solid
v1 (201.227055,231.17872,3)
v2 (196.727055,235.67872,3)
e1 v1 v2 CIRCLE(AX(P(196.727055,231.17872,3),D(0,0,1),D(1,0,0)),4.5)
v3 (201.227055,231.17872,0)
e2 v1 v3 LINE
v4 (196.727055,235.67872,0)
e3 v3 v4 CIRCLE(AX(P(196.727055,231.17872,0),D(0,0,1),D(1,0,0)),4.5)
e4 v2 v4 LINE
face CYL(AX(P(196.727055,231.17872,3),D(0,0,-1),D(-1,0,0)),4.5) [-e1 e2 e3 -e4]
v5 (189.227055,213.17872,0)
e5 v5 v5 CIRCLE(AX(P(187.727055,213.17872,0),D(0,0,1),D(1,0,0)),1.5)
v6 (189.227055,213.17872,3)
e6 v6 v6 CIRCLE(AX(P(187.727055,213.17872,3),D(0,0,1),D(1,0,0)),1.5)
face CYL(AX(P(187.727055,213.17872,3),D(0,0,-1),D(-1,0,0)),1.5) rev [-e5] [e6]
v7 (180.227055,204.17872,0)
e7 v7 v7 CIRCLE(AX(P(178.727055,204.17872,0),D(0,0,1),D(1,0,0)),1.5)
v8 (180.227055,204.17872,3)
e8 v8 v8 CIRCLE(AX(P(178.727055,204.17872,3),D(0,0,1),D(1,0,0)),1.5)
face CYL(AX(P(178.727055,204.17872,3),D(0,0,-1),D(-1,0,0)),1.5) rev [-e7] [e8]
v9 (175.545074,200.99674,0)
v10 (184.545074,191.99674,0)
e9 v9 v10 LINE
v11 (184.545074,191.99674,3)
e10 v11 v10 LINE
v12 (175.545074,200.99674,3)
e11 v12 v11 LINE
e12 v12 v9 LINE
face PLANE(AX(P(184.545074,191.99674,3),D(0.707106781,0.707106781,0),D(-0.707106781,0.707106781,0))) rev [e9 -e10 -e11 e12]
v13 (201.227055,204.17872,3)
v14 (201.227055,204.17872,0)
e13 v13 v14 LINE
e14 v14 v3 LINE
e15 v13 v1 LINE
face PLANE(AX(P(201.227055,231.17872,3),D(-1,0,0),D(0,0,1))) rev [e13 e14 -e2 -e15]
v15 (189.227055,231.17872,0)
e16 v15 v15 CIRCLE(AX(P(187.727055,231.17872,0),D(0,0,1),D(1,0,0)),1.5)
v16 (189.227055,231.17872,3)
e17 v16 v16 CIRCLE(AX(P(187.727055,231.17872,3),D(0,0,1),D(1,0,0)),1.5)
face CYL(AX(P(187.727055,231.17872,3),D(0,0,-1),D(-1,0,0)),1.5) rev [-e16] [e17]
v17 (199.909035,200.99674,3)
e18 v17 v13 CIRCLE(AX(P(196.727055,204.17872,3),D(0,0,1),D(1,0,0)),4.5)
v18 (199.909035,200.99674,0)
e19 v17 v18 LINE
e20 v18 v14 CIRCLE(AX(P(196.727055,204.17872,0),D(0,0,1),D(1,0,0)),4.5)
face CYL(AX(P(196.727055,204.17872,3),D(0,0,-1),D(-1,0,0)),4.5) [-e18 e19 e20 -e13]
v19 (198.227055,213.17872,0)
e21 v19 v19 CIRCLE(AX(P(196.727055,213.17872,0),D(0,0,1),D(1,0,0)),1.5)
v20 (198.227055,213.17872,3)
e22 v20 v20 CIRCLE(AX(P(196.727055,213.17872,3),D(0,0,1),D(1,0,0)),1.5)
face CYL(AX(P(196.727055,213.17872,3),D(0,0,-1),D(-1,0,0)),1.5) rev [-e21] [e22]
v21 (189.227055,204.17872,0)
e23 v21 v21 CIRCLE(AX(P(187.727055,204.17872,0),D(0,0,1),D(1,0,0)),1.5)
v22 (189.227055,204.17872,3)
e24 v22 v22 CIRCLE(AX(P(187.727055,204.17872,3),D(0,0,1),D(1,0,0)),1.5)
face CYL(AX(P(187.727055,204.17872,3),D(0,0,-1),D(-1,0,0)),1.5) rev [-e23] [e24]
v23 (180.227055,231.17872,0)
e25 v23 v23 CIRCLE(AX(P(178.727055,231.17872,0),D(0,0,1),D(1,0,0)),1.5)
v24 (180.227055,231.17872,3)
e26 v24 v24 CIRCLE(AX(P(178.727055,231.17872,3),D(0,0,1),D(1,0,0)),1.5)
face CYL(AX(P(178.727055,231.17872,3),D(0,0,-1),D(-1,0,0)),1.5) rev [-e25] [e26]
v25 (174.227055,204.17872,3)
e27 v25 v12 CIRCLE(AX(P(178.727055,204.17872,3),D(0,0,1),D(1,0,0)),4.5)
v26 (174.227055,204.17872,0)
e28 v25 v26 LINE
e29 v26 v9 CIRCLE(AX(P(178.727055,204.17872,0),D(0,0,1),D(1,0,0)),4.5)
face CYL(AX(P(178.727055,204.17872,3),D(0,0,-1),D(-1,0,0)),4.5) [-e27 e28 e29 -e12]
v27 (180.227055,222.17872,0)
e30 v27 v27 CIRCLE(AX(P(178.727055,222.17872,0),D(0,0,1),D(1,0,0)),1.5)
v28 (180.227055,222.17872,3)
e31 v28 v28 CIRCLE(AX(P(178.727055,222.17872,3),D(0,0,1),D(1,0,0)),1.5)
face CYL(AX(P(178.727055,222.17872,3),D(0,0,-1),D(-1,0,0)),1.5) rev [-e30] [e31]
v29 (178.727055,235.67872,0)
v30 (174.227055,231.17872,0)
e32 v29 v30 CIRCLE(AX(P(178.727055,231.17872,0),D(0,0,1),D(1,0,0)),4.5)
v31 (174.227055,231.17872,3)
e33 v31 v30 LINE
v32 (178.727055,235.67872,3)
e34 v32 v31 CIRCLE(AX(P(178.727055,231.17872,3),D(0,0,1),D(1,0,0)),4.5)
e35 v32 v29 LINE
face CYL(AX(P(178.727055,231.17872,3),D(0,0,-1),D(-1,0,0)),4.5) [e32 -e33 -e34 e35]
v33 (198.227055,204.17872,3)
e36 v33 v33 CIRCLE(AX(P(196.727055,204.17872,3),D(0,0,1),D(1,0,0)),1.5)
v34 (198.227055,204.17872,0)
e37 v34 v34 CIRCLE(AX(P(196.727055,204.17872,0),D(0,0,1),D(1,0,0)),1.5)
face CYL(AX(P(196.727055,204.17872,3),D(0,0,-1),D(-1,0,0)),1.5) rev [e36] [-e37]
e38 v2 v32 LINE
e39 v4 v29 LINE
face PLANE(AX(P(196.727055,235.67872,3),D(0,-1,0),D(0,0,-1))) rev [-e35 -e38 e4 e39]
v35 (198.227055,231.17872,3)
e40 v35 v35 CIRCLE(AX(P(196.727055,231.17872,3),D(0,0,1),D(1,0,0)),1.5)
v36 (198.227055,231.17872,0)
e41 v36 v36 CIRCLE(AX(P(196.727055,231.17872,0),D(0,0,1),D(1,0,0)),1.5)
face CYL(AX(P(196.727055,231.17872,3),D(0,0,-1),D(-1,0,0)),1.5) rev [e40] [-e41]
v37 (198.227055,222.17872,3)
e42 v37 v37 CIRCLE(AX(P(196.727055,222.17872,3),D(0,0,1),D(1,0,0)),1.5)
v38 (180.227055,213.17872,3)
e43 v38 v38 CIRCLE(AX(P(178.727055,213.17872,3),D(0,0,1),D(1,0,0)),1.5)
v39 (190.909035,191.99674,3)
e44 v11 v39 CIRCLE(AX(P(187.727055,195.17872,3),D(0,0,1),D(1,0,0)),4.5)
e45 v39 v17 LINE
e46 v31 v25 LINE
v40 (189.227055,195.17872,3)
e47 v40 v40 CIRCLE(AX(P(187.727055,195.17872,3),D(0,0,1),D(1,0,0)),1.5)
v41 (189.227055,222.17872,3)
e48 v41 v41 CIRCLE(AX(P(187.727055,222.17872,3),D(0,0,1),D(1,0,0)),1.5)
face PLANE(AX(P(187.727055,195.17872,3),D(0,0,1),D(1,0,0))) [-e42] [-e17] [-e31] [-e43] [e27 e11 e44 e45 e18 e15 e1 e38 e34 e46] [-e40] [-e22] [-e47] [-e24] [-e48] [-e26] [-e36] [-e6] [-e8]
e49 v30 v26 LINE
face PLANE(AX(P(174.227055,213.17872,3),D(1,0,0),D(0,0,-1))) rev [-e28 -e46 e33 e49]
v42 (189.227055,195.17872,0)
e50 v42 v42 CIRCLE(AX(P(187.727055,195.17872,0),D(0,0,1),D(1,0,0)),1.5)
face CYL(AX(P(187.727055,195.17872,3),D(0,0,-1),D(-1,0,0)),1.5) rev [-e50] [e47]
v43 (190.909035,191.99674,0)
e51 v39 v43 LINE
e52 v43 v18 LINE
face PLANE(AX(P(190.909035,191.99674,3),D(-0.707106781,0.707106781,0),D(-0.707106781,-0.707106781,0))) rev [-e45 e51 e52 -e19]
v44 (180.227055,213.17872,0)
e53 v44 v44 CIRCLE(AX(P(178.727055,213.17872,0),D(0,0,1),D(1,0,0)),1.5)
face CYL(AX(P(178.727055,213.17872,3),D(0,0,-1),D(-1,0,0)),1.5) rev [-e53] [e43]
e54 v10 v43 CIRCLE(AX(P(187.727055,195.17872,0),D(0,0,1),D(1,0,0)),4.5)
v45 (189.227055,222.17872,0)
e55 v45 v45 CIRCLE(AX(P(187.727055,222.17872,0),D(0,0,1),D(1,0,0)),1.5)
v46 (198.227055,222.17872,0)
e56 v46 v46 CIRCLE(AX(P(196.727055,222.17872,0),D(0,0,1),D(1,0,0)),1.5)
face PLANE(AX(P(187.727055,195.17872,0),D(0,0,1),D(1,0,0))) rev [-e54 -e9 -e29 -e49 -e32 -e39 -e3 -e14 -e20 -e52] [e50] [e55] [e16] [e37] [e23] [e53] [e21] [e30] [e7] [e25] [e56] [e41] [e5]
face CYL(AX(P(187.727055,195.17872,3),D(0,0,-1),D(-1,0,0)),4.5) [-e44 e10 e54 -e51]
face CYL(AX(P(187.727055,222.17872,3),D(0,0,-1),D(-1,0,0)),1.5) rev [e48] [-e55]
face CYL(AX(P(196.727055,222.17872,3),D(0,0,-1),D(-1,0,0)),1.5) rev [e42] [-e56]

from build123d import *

# Parameters (mm, degrees)
MODEL_R                 = 1.5
SALIENTE_EXTRUIR1_DEPTH = 3


with BuildPart() as part:
    # Model → Saliente-Extruir1 (new body)
    with BuildSketch(Plane.XY):
        with BuildLine():
            Line((174.227054575, 213.178720063), (174.227054575, 204.178720063))
            ThreePointArc((174.227054575, 204.178720063), (174.569596678, 202.456644617), (175.545074059, 200.996739548))
            Line((175.545074059, 200.996739548), (184.545074059, 191.996739548))
            ThreePointArc((184.545074059, 191.996739548), (187.727054575, 190.678720063), (190.90903509, 191.996739548))
            Line((190.90903509, 191.996739548), (199.90903509, 200.996739548))
            ThreePointArc((199.90903509, 200.996739548), (200.884512471, 202.456644617), (201.227054575, 204.178720063))
            Line((201.227054575, 204.178720063), (201.227054575, 231.178720063))
            ThreePointArc((201.227054575, 231.178720063), (199.90903509, 234.360700578), (196.727054575, 235.678720063))
            Line((196.727054575, 235.678720063), (178.727054575, 235.678720063))
            ThreePointArc((178.727054575, 235.678720063), (175.545074059, 234.360700578), (174.227054575, 231.178720063))
            Line((174.227054575, 231.178720063), (174.227054575, 213.178720063))
        make_face()
        with Locations((187.727054575, 204.178720063)):
            Circle(MODEL_R, mode=Mode.SUBTRACT)
        with Locations((178.727054575, 204.178720063)):
            Circle(MODEL_R, mode=Mode.SUBTRACT)
        with Locations((187.727054575, 213.178720063)):
            Circle(MODEL_R, mode=Mode.SUBTRACT)
        with Locations((178.727054575, 213.178720063)):
            Circle(MODEL_R, mode=Mode.SUBTRACT)
        with Locations((196.727054575, 213.178720063)):
            Circle(MODEL_R, mode=Mode.SUBTRACT)
        with Locations((187.727054575, 195.178720063)):
            Circle(MODEL_R, mode=Mode.SUBTRACT)
        with Locations((196.727054575, 204.178720063)):
            Circle(MODEL_R, mode=Mode.SUBTRACT)
        with Locations((187.727054575, 222.178720063)):
            Circle(MODEL_R, mode=Mode.SUBTRACT)
        with Locations((178.727054575, 222.178720063)):
            Circle(MODEL_R, mode=Mode.SUBTRACT)
        with Locations((196.727054575, 222.178720063)):
            Circle(MODEL_R, mode=Mode.SUBTRACT)
        with Locations((187.727054575, 231.178720063)):
            Circle(MODEL_R, mode=Mode.SUBTRACT)
        with Locations((178.727054575, 231.178720063)):
            Circle(MODEL_R, mode=Mode.SUBTRACT)
        with Locations((196.727054575, 231.178720063)):
            Circle(MODEL_R, mode=Mode.SUBTRACT)
    extrude(amount=SALIENTE_EXTRUIR1_DEPTH)


solid = part.part
